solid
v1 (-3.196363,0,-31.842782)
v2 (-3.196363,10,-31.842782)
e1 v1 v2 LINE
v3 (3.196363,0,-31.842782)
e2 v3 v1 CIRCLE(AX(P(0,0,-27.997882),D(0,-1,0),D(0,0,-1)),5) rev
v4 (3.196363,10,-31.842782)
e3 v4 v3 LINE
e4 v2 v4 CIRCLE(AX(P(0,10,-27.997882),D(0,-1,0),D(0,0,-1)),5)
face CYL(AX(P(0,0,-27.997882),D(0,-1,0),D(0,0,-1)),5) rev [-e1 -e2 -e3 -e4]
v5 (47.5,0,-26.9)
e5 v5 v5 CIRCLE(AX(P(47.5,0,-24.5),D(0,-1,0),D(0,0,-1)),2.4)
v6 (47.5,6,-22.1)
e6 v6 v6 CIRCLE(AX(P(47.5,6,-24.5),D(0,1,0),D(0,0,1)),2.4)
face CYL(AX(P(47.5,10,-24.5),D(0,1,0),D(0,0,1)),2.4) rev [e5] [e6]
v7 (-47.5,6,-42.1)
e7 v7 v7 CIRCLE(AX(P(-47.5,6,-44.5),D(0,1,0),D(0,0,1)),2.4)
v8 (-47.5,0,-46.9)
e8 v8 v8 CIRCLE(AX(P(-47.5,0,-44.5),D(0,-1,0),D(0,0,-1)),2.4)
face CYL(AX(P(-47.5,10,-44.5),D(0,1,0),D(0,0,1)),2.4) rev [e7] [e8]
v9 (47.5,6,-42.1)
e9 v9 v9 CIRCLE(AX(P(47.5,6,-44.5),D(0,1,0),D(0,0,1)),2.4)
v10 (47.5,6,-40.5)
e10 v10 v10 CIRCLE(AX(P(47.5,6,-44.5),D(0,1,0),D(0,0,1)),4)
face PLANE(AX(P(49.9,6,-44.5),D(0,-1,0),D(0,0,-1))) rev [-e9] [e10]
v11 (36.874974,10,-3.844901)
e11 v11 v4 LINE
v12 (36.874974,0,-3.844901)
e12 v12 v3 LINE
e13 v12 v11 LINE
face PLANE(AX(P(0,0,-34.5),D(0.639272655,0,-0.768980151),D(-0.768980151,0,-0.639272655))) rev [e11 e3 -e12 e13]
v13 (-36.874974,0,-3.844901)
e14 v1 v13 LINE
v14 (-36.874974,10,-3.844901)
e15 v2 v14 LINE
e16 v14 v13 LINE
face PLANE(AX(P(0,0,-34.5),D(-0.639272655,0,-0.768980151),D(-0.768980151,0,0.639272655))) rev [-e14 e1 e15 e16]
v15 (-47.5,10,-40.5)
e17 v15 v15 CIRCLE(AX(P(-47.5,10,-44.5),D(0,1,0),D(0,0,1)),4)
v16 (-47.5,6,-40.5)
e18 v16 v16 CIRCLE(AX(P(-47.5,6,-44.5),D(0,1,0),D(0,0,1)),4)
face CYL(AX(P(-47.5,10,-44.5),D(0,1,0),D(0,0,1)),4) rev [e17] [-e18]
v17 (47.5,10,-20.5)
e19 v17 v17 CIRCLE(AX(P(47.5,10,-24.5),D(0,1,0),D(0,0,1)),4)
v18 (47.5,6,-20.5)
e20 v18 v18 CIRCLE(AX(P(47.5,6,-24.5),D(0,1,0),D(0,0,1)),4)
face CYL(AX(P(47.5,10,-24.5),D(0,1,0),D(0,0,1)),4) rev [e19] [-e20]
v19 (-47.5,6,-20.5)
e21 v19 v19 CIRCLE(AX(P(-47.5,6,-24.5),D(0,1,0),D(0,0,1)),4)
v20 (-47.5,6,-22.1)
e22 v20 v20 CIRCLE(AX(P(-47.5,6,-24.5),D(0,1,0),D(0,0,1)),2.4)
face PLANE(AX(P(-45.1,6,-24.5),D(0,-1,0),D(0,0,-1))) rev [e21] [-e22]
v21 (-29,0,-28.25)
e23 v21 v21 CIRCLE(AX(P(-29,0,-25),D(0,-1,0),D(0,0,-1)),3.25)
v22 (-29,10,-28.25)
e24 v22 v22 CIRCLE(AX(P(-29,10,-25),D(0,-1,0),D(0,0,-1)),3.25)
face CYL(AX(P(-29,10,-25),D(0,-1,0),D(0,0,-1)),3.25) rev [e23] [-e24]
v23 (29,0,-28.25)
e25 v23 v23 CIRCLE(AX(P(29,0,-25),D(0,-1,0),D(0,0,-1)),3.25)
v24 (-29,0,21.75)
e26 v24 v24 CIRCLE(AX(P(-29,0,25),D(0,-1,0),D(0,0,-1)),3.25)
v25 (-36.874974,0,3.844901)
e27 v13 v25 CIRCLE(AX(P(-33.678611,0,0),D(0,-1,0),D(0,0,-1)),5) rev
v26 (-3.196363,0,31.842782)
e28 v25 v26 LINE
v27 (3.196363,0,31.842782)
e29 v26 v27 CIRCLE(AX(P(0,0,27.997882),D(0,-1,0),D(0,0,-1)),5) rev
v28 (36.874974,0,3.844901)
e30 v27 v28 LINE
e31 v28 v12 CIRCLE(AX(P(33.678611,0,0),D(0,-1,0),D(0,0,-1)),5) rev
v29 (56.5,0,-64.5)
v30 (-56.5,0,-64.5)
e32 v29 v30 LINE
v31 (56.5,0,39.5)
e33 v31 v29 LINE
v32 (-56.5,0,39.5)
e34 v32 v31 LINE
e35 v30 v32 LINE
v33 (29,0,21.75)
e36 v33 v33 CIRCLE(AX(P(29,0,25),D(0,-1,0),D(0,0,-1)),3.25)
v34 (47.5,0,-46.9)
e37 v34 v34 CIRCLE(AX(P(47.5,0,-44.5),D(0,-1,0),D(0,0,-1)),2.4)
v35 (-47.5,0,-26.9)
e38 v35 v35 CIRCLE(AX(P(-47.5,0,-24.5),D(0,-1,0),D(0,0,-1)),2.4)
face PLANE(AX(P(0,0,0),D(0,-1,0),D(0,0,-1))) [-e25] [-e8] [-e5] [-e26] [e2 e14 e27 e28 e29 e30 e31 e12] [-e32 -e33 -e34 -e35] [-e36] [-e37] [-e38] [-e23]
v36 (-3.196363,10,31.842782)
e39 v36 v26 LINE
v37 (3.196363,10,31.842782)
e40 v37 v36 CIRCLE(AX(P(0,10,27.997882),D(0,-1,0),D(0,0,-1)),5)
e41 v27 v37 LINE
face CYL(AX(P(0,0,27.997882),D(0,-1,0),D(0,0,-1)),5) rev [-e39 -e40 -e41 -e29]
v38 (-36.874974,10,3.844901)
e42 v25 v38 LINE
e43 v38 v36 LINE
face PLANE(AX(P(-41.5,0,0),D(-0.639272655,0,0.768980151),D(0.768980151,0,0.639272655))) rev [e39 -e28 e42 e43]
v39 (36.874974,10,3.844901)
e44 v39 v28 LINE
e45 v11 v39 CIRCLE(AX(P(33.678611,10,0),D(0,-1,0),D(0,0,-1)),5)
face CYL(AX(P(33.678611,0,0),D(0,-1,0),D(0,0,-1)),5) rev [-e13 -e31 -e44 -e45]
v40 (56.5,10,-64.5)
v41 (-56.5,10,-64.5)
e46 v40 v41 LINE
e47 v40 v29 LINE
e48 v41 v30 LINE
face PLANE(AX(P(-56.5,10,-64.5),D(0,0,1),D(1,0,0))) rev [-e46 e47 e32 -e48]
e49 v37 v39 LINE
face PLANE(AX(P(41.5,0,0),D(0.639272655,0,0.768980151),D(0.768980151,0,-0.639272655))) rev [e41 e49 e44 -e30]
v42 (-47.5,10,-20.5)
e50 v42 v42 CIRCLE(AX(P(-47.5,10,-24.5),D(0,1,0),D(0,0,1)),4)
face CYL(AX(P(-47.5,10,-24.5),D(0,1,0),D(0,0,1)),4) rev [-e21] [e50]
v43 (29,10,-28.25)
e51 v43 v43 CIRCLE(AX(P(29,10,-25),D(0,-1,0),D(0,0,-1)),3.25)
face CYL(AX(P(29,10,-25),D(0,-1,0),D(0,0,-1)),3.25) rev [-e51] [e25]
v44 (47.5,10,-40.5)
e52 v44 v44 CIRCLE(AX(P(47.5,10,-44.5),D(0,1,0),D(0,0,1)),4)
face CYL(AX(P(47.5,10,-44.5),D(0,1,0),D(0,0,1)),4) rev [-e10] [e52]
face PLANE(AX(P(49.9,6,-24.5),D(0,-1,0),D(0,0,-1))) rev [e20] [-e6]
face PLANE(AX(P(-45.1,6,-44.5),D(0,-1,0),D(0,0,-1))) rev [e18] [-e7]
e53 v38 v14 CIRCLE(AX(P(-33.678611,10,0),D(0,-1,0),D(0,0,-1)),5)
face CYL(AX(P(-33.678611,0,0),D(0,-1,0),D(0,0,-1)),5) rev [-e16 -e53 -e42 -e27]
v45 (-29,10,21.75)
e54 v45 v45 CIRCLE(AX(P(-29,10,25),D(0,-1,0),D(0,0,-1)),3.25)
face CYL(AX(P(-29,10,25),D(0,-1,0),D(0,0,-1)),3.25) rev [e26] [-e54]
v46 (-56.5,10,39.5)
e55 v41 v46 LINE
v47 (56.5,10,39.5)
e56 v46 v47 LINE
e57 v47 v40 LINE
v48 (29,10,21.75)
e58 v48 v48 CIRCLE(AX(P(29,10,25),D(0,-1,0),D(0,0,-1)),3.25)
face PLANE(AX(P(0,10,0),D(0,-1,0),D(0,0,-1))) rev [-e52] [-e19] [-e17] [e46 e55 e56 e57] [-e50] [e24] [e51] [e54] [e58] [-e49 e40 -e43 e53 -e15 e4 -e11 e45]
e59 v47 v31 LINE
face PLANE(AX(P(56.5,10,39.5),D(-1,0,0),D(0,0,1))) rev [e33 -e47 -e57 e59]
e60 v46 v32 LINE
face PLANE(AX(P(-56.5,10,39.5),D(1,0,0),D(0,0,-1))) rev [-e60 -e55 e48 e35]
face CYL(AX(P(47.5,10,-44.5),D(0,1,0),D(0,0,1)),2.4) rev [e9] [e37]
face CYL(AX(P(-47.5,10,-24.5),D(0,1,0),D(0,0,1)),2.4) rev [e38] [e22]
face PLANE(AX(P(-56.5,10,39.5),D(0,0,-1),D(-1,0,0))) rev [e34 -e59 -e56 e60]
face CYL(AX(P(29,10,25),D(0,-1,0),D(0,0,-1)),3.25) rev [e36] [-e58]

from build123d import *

# Parameters (mm, degrees)
SKETCH2_W                      = 113
SKETCH2_H                      = 104
TOP_FACE_DEPTH                 = 10
SKETCH3_R                      = 3.25
CUT_EXTRUDE1_DEPTH             = 10
CUT_EXTRUDE2_DEPTH             = 10
FILLET1_R                      = 5
CBORE_FOR_M4_SHCS1_D           = 4.8
CBORE_FOR_M4_SHCS1_CBORE_D     = 8
CBORE_FOR_M4_SHCS1_CBORE_DEPTH = 4


with BuildPart() as part:
    # Sketch2 → Top Face (new body)
    with BuildSketch(Plane(origin=(0, 0, 0), x_dir=(1, 0, 0), z_dir=(0, 1, 0))):
        with Locations((0, 12.5)):
            Rectangle(SKETCH2_W, SKETCH2_H)
    extrude(amount=TOP_FACE_DEPTH)

    # Sketch3 → Cut-Extrude1 (cut)
    with BuildSketch(Plane.XZ):
        with Locations(Location((-29, 25, 0), (0, 0, 270))):
            Circle(SKETCH3_R)
        with Locations(Location((-29, -25, 0), (0, 0, 270))):
            Circle(SKETCH3_R)
        with Locations(Location((29, -25, 0), (0, 0, 270))):
            Circle(SKETCH3_R)
        with Locations(Location((29, 25, 0), (0, 0, 270))):
            Circle(SKETCH3_R)
    extrude(amount=-CUT_EXTRUDE1_DEPTH, mode=Mode.SUBTRACT)

    # Sketch4 → Cut-Extrude2 (cut)
    with BuildSketch(Plane(origin=(0, 10, 0), x_dir=(1, 0, 0), z_dir=(0, 1, 0))):
        Polygon((0, 34.5), (-41.5, 0), (0, -34.5), (41.5, 0), align=None)
    extrude(amount=-CUT_EXTRUDE2_DEPTH, mode=Mode.SUBTRACT)

    # Fillet1
    fillet1_edges = [part.edges().sort_by_distance(p)[0] for p in [
        (0, 5, -34.5),
        (41.5, 5, 0),
        (0, 5, 34.5),
        (-41.5, 5, 0),
    ]]
    fillet(fillet1_edges, radius=FILLET1_R)

    # CBORE for M4 SHCS1 (through all)
    with Locations(Plane(origin=(0, 10, 0), x_dir=(1, 0, 0), z_dir=(0, 1, 0))):
        with Locations((47.5, 44.5), (47.5, 24.5), (-47.5, 24.5), (-47.5, 44.5)):
            CounterBoreHole(CBORE_FOR_M4_SHCS1_D / 2, CBORE_FOR_M4_SHCS1_CBORE_D / 2, CBORE_FOR_M4_SHCS1_CBORE_DEPTH)


solid = part.part
